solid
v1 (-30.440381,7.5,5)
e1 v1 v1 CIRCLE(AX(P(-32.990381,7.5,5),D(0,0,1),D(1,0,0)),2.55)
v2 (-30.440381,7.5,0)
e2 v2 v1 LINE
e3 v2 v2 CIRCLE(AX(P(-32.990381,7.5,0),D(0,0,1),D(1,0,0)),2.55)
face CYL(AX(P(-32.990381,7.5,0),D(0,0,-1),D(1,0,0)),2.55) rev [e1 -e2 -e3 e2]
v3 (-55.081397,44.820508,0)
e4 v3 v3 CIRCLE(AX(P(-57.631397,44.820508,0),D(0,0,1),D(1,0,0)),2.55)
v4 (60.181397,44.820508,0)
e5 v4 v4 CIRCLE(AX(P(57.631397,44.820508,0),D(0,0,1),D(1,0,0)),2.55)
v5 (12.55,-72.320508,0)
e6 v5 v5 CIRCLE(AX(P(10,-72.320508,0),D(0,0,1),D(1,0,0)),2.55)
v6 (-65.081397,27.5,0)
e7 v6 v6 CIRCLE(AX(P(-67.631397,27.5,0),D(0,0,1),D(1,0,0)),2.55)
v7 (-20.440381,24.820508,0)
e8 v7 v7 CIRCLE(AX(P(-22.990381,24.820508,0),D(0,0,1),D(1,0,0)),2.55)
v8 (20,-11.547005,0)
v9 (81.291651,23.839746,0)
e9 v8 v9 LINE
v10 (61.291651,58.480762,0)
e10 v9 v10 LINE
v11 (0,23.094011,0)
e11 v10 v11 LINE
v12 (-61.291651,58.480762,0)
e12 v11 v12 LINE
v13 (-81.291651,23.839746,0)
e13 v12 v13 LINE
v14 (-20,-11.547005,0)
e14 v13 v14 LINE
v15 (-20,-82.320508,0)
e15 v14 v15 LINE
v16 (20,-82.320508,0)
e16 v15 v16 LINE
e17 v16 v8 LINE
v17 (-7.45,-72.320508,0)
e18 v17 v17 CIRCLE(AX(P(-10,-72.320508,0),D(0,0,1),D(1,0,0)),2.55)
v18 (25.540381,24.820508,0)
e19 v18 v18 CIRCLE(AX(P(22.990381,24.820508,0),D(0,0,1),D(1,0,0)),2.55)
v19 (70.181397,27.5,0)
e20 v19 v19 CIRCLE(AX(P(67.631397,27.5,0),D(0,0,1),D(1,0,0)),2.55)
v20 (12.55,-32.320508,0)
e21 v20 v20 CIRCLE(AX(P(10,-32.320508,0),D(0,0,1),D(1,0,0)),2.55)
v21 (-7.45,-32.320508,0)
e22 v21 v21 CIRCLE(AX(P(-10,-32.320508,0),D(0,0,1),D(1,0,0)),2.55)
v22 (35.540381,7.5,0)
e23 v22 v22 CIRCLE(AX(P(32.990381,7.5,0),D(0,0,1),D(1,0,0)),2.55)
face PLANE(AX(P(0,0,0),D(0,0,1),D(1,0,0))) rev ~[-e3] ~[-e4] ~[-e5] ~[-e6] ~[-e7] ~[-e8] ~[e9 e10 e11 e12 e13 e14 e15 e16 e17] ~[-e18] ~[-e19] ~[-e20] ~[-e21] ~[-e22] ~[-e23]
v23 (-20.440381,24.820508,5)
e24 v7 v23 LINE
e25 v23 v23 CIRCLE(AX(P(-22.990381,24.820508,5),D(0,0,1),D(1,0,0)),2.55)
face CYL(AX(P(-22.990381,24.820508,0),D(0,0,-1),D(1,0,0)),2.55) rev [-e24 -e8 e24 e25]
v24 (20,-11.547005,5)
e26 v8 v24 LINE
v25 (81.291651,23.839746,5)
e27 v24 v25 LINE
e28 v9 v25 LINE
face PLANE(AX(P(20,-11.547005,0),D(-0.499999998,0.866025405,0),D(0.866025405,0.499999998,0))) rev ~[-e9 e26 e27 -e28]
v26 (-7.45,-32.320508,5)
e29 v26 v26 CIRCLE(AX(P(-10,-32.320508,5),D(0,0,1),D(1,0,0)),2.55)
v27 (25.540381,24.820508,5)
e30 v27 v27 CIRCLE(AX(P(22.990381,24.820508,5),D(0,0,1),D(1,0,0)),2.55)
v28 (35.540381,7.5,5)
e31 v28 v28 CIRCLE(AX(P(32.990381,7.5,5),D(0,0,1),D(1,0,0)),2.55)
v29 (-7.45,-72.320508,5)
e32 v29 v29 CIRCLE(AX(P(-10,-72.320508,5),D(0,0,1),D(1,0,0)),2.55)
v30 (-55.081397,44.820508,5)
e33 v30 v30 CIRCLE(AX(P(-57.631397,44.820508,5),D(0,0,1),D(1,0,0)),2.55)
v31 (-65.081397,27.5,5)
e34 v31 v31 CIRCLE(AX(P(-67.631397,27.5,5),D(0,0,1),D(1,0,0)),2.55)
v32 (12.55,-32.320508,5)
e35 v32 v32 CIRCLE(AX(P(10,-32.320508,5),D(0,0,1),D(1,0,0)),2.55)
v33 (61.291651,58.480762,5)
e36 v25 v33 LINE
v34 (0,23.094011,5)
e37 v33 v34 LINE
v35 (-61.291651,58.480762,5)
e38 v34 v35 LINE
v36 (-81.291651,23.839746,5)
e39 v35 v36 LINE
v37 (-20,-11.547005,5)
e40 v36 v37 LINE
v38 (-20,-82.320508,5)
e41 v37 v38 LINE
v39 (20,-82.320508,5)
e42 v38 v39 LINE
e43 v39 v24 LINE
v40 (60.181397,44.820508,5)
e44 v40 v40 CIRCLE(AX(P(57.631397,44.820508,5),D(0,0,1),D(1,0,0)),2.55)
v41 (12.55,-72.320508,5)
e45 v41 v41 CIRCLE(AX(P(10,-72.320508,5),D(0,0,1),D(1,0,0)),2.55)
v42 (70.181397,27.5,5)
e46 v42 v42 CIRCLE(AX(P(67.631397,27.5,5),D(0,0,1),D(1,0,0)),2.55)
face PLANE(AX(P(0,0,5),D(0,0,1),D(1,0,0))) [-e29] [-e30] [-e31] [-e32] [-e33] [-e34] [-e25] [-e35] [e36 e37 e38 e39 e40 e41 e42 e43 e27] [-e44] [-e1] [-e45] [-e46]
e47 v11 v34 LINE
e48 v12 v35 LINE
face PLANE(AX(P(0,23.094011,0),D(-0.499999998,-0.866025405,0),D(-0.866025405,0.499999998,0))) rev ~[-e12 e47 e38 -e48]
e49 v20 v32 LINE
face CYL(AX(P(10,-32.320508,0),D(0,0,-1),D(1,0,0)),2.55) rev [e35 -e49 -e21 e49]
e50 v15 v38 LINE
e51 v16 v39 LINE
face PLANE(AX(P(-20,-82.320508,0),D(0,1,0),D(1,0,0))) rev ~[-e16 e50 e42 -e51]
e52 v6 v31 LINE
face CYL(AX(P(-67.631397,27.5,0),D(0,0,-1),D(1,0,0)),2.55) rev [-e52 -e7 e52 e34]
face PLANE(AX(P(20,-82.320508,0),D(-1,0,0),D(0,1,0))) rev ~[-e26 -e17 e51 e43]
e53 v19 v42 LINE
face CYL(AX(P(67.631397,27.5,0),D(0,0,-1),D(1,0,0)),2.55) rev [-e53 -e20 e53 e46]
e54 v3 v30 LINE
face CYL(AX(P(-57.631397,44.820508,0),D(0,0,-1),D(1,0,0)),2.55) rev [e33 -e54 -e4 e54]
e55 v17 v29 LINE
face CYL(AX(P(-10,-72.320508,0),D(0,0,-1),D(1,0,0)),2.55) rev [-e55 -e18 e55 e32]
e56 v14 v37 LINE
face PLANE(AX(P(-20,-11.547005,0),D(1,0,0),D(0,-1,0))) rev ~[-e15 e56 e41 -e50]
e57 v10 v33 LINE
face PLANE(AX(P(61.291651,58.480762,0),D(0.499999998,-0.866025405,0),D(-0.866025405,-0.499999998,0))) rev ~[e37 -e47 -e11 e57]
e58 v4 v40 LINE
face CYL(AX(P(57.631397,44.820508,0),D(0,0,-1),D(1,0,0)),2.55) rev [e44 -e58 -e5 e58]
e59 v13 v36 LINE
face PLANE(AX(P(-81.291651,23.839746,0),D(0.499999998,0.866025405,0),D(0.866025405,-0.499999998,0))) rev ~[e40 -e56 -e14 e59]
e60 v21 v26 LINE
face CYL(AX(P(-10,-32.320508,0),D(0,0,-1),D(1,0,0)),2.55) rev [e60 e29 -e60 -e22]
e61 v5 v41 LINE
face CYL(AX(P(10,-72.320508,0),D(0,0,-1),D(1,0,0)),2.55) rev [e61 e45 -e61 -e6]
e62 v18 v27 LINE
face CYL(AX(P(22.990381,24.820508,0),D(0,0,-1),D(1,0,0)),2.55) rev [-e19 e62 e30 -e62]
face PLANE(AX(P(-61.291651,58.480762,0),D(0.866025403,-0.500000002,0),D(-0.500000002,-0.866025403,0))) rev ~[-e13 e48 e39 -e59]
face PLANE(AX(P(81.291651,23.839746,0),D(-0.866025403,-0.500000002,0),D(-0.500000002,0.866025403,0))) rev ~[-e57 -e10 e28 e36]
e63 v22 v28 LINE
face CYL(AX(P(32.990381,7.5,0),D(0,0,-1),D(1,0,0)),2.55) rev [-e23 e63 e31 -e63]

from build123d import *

# Parameters (mm, degrees)
F0_R     = 2.55
F1_DEPTH = 5


with BuildPart() as f1:
    # F0 (on Top) → F1 (new body)
    with BuildSketch(Plane.XY):
        Polygon((-61.291651, 58.480762), (-81.291651, 23.839746), (-20, -11.547005), (-20, -82.320508), (20, -82.320508), (20, -11.547005), (81.291651, 23.839746), (61.291651, 58.480762), (0, 23.094011), align=None)
        with Locations((-10, -72.320508)):
            Circle(F0_R, mode=Mode.SUBTRACT)
        with Locations((-10, -32.320508)):
            Circle(F0_R, mode=Mode.SUBTRACT)
        with Locations((10, -72.320508)):
            Circle(F0_R, mode=Mode.SUBTRACT)
        with Locations((10, -32.320508)):
            Circle(F0_R, mode=Mode.SUBTRACT)
        with Locations((-67.631397, 27.5)):
            Circle(F0_R, mode=Mode.SUBTRACT)
        with Locations((-32.990381, 7.5)):
            Circle(F0_R, mode=Mode.SUBTRACT)
        with Locations((-22.990381, 24.820508)):
            Circle(F0_R, mode=Mode.SUBTRACT)
        with Locations((-57.631397, 44.820508)):
            Circle(F0_R, mode=Mode.SUBTRACT)
        with Locations((32.990381, 7.5)):
            Circle(F0_R, mode=Mode.SUBTRACT)
        with Locations((22.990381, 24.820508)):
            Circle(F0_R, mode=Mode.SUBTRACT)
        with Locations((67.631397, 27.5)):
            Circle(F0_R, mode=Mode.SUBTRACT)
        with Locations((57.631397, 44.820508)):
            Circle(F0_R, mode=Mode.SUBTRACT)
    extrude(amount=F1_DEPTH)


solid = f1.part
